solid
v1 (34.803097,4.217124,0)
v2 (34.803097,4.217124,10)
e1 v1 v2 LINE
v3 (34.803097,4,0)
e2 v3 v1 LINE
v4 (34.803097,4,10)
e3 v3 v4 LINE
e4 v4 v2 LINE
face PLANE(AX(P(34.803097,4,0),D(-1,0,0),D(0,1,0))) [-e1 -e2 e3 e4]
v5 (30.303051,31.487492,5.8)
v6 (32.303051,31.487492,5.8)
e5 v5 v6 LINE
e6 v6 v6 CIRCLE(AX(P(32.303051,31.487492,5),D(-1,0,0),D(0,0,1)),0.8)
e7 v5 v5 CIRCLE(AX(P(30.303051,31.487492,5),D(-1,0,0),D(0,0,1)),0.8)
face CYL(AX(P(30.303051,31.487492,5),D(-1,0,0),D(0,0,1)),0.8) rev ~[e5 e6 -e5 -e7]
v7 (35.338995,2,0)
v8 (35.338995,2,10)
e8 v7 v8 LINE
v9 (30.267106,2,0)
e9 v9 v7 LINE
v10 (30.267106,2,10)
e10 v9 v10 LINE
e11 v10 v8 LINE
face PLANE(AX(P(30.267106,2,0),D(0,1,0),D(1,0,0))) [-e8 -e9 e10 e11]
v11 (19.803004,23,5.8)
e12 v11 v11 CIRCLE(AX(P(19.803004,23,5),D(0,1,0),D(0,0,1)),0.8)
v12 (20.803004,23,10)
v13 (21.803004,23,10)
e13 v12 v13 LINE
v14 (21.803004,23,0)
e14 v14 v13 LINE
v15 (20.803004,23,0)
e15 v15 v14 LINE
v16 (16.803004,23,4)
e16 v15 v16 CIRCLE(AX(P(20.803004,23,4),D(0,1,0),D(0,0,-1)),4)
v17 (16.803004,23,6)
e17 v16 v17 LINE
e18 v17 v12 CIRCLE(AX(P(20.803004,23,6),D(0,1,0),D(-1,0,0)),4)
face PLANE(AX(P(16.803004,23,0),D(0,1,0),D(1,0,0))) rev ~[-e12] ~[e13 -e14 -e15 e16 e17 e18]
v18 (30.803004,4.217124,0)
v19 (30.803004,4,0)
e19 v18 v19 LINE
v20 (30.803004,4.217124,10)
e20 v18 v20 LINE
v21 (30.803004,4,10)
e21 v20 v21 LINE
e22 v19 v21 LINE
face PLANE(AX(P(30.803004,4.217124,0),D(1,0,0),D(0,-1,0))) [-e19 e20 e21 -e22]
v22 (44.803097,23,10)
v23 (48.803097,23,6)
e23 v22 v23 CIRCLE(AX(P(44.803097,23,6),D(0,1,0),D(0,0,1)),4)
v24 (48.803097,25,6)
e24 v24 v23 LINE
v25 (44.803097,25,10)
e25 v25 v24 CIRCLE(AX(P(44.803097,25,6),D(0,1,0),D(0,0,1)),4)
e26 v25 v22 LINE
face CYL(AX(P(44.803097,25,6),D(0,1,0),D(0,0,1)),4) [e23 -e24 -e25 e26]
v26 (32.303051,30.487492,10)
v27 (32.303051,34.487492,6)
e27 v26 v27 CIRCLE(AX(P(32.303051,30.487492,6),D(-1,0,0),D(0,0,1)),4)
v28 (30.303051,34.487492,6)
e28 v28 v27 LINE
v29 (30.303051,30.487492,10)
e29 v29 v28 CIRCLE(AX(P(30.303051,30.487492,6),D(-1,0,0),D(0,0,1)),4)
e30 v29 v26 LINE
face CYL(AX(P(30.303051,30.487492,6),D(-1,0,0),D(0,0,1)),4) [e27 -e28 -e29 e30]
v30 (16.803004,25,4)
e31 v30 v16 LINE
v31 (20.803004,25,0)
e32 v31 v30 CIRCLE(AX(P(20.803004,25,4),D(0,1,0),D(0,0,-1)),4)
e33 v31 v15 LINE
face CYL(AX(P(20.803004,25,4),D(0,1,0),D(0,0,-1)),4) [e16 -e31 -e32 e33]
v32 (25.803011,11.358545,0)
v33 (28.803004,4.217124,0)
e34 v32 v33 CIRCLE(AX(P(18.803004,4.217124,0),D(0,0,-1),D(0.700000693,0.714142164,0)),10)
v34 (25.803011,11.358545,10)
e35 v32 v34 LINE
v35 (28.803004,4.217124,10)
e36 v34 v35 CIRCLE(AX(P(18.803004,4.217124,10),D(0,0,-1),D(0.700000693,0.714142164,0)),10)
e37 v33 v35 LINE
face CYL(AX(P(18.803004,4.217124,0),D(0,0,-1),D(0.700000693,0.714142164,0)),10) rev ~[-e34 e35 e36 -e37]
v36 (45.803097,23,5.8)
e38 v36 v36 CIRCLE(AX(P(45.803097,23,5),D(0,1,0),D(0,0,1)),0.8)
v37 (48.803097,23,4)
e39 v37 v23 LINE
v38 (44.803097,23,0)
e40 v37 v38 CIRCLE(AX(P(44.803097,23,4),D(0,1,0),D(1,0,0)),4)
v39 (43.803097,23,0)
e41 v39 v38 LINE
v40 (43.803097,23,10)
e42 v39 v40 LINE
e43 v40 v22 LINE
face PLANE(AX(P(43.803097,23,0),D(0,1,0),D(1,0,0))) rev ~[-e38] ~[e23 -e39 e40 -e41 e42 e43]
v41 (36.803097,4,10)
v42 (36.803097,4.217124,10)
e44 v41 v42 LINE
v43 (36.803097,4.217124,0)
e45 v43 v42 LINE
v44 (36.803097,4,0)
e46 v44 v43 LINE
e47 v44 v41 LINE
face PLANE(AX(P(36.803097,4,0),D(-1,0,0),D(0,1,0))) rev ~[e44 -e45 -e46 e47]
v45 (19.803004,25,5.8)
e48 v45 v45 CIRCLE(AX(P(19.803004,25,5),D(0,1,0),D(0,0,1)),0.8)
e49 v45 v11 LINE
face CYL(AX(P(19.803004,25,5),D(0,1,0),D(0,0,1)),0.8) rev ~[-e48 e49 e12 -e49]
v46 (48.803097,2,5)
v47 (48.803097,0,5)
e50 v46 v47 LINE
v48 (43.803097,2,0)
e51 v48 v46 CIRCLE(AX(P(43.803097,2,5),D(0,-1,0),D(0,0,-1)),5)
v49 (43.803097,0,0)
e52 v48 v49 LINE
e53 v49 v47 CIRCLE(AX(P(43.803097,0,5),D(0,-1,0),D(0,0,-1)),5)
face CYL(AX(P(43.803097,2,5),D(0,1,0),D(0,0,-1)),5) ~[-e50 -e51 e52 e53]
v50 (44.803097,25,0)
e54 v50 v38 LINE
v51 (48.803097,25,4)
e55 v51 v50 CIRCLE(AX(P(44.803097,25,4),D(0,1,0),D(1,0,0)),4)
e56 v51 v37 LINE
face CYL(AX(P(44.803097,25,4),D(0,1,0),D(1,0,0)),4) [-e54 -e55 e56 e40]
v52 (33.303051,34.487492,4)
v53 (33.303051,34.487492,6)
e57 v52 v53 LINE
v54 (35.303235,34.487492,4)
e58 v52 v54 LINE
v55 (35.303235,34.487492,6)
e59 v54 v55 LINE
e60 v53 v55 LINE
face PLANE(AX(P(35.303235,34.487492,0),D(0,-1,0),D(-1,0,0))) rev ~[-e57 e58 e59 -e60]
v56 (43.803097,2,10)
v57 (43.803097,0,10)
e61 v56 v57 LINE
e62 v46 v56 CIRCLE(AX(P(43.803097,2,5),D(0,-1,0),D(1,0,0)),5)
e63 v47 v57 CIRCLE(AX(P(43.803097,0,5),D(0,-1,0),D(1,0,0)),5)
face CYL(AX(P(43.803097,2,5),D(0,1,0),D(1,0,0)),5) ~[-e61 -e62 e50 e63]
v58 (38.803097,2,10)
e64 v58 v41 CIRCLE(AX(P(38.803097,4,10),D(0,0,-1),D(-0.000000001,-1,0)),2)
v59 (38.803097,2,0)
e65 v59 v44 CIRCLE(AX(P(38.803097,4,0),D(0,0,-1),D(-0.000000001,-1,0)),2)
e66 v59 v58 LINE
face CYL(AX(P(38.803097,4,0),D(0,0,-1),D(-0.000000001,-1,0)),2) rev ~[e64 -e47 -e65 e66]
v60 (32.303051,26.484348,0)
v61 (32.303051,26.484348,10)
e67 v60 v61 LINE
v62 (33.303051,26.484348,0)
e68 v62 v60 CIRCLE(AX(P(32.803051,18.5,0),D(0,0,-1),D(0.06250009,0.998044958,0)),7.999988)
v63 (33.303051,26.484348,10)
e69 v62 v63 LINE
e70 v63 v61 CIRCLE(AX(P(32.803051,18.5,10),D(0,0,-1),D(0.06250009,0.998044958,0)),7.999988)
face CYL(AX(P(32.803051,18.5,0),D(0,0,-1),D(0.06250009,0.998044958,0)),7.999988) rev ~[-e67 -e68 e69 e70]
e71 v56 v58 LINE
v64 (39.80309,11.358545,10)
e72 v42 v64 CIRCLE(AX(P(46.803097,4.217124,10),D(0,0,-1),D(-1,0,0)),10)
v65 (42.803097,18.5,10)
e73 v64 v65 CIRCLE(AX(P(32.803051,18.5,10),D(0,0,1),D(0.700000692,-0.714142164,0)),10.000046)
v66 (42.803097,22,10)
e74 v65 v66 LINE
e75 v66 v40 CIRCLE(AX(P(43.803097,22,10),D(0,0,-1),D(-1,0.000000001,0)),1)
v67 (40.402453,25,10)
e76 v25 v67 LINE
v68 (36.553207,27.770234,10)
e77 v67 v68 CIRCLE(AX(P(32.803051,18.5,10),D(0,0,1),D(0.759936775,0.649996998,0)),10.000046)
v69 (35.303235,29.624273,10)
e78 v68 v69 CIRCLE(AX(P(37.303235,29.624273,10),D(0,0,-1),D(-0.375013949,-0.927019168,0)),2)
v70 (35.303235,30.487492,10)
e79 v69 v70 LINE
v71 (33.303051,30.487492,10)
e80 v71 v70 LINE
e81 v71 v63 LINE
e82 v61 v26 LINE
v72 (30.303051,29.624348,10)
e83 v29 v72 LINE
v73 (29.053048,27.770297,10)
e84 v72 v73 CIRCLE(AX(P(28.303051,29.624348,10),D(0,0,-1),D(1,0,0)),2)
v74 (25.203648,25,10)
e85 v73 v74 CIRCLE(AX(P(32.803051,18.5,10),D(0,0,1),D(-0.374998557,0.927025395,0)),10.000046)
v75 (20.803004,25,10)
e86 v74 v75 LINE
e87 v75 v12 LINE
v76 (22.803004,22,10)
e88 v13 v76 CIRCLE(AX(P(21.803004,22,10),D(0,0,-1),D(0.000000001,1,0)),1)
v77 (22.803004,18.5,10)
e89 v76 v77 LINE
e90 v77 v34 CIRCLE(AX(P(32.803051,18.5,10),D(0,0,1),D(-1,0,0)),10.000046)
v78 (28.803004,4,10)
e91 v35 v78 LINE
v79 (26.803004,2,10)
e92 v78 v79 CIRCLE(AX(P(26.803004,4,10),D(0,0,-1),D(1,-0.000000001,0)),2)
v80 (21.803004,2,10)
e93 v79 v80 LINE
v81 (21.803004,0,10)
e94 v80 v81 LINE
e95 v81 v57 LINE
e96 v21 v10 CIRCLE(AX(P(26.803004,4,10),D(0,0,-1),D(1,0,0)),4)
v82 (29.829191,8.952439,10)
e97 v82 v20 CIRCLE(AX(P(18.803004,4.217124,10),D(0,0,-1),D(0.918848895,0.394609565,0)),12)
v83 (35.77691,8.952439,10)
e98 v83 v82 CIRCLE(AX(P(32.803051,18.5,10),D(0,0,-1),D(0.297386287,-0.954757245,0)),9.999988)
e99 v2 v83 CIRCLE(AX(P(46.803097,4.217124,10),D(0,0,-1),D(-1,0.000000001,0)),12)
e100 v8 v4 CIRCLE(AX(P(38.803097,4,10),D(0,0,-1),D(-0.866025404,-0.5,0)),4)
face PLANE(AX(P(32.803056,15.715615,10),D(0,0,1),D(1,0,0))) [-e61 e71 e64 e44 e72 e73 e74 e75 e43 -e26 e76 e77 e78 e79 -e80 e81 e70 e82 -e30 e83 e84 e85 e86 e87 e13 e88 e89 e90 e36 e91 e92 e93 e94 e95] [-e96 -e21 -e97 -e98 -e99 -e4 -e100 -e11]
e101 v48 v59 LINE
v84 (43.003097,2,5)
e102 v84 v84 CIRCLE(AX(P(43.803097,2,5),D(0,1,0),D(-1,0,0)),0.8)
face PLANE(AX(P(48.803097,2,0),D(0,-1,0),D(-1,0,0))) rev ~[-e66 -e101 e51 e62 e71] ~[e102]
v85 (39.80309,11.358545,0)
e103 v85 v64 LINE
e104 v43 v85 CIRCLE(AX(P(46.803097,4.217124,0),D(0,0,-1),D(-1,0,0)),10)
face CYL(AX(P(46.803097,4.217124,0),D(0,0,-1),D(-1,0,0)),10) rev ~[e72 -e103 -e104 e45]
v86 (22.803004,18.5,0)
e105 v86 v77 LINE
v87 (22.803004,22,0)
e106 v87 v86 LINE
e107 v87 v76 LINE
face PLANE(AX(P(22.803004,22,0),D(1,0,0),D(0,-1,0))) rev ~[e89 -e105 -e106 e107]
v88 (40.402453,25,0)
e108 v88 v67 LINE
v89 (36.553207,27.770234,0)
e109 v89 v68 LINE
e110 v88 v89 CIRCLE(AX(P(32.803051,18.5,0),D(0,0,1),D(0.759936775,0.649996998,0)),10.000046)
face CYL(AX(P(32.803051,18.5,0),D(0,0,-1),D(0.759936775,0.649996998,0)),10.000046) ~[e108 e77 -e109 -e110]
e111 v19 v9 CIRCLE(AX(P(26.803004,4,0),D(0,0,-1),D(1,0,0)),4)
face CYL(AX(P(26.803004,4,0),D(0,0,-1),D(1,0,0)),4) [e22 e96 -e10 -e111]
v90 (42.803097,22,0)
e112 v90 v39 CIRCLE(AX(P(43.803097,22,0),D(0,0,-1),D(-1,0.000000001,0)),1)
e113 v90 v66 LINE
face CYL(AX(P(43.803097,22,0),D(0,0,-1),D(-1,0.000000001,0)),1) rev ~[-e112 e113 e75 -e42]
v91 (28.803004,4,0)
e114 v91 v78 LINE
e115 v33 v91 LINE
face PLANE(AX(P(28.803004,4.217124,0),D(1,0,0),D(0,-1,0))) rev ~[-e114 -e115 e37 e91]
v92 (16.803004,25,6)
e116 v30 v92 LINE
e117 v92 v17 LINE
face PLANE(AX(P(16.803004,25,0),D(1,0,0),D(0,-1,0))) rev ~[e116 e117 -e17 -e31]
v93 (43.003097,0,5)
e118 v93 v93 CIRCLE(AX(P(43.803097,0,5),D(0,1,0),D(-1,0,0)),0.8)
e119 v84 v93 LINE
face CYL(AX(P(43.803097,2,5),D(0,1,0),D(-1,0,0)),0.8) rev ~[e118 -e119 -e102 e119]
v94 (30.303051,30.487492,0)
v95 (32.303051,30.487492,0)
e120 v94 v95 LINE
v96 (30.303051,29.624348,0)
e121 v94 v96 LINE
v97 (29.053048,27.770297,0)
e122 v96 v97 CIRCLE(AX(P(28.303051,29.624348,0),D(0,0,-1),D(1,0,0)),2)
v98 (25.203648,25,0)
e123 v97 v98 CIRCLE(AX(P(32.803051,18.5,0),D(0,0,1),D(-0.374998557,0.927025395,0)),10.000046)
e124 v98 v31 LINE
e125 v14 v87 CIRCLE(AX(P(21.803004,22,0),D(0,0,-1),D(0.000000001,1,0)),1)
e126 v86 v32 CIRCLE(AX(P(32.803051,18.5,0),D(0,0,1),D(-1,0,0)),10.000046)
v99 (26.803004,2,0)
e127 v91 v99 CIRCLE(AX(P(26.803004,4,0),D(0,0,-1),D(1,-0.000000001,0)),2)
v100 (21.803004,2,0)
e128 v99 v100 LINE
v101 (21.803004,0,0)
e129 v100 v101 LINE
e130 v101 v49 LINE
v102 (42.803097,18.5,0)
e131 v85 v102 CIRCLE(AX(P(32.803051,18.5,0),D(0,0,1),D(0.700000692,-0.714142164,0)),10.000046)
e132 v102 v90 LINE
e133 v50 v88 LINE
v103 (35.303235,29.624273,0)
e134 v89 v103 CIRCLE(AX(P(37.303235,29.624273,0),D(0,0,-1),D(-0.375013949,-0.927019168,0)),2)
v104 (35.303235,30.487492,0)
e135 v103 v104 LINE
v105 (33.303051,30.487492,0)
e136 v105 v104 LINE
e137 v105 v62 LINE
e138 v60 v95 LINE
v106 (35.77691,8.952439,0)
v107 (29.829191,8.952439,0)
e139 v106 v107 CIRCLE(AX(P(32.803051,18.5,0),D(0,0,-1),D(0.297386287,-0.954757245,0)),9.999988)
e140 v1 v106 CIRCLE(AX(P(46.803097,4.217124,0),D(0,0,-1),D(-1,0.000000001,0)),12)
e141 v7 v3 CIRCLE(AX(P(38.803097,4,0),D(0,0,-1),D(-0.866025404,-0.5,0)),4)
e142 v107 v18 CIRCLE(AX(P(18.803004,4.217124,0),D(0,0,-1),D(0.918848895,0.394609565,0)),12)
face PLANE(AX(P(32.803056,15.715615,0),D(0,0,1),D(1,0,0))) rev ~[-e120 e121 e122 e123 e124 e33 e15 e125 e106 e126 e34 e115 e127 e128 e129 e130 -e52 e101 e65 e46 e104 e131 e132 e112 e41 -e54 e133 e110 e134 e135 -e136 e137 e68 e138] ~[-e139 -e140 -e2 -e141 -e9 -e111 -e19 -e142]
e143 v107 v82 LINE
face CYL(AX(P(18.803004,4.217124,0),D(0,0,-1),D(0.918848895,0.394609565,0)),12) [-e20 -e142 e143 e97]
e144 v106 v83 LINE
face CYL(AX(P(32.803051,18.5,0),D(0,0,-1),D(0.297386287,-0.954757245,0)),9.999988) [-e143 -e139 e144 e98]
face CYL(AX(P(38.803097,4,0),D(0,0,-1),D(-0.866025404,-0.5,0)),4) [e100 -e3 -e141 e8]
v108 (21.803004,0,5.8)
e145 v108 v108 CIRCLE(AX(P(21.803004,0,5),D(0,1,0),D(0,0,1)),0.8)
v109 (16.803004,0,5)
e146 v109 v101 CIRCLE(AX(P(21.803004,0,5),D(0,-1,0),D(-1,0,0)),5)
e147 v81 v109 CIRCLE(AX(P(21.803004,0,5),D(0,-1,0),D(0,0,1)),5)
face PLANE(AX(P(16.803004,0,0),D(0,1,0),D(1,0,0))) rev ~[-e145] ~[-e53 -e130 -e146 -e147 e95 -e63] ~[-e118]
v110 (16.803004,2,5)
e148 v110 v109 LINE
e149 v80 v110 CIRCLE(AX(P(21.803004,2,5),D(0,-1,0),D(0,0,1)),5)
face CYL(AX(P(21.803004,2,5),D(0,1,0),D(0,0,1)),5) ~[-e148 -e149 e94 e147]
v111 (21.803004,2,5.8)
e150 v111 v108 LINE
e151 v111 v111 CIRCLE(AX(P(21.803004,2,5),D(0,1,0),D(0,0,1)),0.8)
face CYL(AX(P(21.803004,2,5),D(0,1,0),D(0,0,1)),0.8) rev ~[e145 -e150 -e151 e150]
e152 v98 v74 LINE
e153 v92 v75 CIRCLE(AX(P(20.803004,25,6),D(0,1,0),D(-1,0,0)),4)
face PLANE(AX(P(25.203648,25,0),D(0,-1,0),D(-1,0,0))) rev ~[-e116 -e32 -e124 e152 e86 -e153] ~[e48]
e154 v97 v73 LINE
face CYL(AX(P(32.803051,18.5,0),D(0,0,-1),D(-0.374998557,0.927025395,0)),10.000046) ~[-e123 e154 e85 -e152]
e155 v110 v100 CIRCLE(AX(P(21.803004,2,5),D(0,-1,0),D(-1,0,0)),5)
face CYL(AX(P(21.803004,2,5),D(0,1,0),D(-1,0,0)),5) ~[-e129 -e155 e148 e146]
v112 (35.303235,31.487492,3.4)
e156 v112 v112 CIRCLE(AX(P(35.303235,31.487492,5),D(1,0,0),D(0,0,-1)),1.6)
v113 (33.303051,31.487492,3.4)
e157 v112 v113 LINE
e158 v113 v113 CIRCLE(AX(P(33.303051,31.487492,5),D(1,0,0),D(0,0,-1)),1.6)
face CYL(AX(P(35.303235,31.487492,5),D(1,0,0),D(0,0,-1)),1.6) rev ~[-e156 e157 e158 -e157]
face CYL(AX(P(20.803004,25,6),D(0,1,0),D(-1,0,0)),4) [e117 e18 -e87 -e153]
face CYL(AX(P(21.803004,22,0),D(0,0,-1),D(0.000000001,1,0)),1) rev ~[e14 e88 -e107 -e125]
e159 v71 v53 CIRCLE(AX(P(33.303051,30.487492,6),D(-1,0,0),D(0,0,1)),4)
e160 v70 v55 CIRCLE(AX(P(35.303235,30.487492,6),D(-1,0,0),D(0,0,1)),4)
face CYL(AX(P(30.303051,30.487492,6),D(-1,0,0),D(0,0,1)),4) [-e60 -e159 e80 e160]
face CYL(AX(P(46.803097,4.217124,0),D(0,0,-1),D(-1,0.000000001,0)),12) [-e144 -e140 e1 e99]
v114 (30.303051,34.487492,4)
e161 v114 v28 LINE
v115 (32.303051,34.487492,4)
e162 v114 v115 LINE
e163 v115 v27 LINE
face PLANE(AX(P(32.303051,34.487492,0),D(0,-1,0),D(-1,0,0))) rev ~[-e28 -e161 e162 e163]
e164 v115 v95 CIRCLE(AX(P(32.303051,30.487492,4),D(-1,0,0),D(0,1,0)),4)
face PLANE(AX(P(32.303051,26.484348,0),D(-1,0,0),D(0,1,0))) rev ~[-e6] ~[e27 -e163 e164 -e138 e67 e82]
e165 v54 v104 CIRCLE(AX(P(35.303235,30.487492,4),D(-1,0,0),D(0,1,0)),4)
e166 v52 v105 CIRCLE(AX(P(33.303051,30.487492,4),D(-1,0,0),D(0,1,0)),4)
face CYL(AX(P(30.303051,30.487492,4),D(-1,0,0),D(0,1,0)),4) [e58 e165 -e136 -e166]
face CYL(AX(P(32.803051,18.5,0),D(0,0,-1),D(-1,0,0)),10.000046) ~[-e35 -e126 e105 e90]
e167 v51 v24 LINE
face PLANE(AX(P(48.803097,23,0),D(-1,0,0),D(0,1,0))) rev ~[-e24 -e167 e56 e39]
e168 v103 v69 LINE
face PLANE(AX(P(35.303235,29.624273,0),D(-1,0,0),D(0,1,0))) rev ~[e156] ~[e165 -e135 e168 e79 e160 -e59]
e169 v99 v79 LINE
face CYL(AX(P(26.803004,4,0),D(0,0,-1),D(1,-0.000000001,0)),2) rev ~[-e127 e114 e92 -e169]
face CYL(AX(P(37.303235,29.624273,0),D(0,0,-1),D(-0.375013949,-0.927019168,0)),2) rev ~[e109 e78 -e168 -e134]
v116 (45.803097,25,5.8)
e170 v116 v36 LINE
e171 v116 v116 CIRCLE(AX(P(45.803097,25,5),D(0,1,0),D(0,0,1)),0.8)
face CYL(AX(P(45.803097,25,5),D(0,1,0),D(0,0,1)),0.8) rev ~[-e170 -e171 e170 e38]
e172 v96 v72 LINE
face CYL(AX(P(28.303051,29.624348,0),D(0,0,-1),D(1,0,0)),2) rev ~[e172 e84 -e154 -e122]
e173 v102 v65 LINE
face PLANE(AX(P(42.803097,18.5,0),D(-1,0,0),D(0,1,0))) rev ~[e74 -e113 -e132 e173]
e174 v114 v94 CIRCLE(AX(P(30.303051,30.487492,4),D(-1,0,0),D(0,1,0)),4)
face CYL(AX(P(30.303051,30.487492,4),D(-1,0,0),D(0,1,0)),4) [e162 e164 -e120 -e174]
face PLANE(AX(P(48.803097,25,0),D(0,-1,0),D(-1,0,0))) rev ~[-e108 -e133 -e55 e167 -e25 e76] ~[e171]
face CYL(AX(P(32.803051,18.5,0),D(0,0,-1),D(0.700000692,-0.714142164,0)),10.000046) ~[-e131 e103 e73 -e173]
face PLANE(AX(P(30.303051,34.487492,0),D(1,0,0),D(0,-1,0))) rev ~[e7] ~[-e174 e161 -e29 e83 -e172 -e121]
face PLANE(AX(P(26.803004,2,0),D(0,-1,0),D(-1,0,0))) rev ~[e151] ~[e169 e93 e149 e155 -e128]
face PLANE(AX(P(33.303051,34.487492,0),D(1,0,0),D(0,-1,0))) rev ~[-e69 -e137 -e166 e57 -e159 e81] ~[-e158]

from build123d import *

# Parameters (mm, degrees)
BOSS_EXTRUDE1_DEPTH = 10
SKETCH3_R           = 0.8
CUT_EXTRUDE1_DEPTH  = 2
SKETCH4_R           = 0.8
CUT_EXTRUDE2_DEPTH  = 2
SKETCH5_R           = 0.8
CUT_EXTRUDE3_DEPTH  = 2
SKETCH6_R           = 0.8
CUT_EXTRUDE4_DEPTH  = 3
SKETCH7_R           = 1.6
CUT_EXTRUDE5_DEPTH  = 3
CUT_EXTRUDE6_DEPTH  = 10


with BuildPart() as part:
    # Sketch1 → Boss-Extrude1 (new body)
    with BuildSketch(Plane.XY):
        with BuildLine():
            Line((16.803004448, 0), (48.803096805, 0))
            Line((48.803096805, 0), (48.803096805, 2))
            Line((48.803096805, 2), (38.803096805, 2))
            ThreePointArc((38.803096805, 2), (37.388883243, 2.585786438), (36.803096805, 4))
            Line((36.803096805, 4), (36.803096805, 4.217123744))
            ThreePointArc((36.803096805, 4.217123744), (37.58355047, 8.090102619), (39.803089878, 11.358545383))
            ThreePointArc((39.803089878, 11.358545383), (42.022639537, 14.62700324), (42.803096805, 18.5))
            Line((42.803096805, 18.5), (42.803096805, 22))
            ThreePointArc((42.803096805, 22), (43.095990024, 22.707106781), (43.803096805, 23))
            Line((43.803096805, 23), (48.803096805, 23))
            Line((48.803096805, 23), (48.803096805, 25))
            Line((48.803096805, 25), (44.105786895, 25))
            Line((44.105786895, 25), (40.40245347, 25))
            ThreePointArc((40.40245347, 25), (38.644426823, 26.616603213), (36.553207437, 27.770234489))
            ThreePointArc((36.553207437, 27.770234489), (35.644914528, 28.506251313), (35.303235335, 29.624272825))
            Line((35.303235335, 29.624272825), (35.303235335, 34.487492178))
            Line((35.303235335, 34.487492178), (33.303050626, 34.487492178))
            Line((33.303050626, 34.487492178), (33.303050626, 26.484348185))
            ThreePointArc((33.303050626, 26.484348185), (32.803050626, 10.500011503), (32.303050626, 26.484348185))
            Line((32.303050626, 26.484348185), (32.303050626, 34.487492178))
            Line((32.303050626, 34.487492178), (30.303050626, 34.487492178))
            Line((30.303050626, 34.487492178), (30.303050626, 29.624347545))
            ThreePointArc((30.303050626, 29.624347545), (29.961362151, 28.506312265), (29.05304774, 27.770296755))
            ThreePointArc((29.05304774, 27.770296755), (26.961741815, 26.616651708), (25.203647783, 25))
            Line((25.203647783, 25), (21.500314358, 25))
            Line((21.500314358, 25), (16.803004448, 25))
            Line((16.803004448, 25), (16.803004448, 23))
            Line((16.803004448, 23), (21.803004448, 23))
            ThreePointArc((21.803004448, 23), (22.510111229, 22.707106781), (22.803004448, 22))
            Line((22.803004448, 22), (22.803004448, 18.5))
            ThreePointArc((22.803004448, 18.5), (23.583461716, 14.62700324), (25.803011375, 11.358545383))
            ThreePointArc((25.803011375, 11.358545383), (28.022550783, 8.090102619), (28.803004448, 4.217123744))
            Line((28.803004448, 4.217123744), (28.803004448, 4))
            ThreePointArc((28.803004448, 4), (28.21721801, 2.585786438), (26.803004448, 2))
            Line((26.803004448, 2), (16.803004448, 2))
            Line((16.803004448, 2), (16.803004448, 0))
        make_face()
        with BuildLine():
            Line((34.803096805, 4), (34.803096805, 4.217123744))
            ThreePointArc((34.803096805, 4.217123744), (35.049071096, 6.634328662), (35.776910074, 8.952438536))
            ThreePointArc((35.776910074, 8.952438536), (32.803050626, 8.500011503), (29.829191179, 8.952438536))
            ThreePointArc((29.829191179, 8.952438536), (30.557030157, 6.634328662), (30.803004448, 4.217123744))
            Line((30.803004448, 4.217123744), (30.803004448, 4))
            ThreePointArc((30.803004448, 4), (30.666707753, 2.96472382), (30.267106063, 2))
            Line((30.267106063, 2), (35.33899519, 2))
            ThreePointArc((35.33899519, 2), (34.9393935, 2.96472382), (34.803096805, 4))
        make_face(mode=Mode.SUBTRACT)
    extrude(amount=BOSS_EXTRUDE1_DEPTH)

    # Sketch3 → Cut-Extrude1 (cut)
    with BuildSketch(Plane(origin=(0, 2, 0), x_dir=(1, 0, 0), z_dir=(0, 1, 0))):
        with BuildLine():
            ThreePointArc((48.803096805, -5), (47.338630711, -8.535533906), (43.803096805, -10))
            Line((43.803096805, -10), (48.803096805, -10))
            Line((48.803096805, -10), (48.803096805, -5))
        make_face()
        with BuildLine():
            ThreePointArc((43.803096805, 0), (47.338630711, -1.464466094), (48.803096805, -5))
            Line((48.803096805, -5), (48.803096805, 0))
            Line((48.803096805, 0), (43.803096805, 0))
        make_face()
        with Locations((43.803096805, -5)):
            Circle(SKETCH3_R)
    extrude(amount=-CUT_EXTRUDE1_DEPTH, mode=Mode.SUBTRACT)

    # Sketch4 → Cut-Extrude2 (cut)
    with BuildSketch(Plane(origin=(0, 2, 0), x_dir=(1, 0, 0), z_dir=(0, 1, 0))):
        with BuildLine():
            Line((16.803004448, 0), (16.803004448, -5))
            ThreePointArc((16.803004448, -5), (18.267470542, -1.464466094), (21.803004448, 0))
            Line((21.803004448, 0), (16.803004448, 0))
        make_face()
        with BuildLine():
            Line((16.803004448, -10), (21.803004448, -10))
            ThreePointArc((21.803004448, -10), (18.267470542, -8.535533906), (16.803004448, -5))
            Line((16.803004448, -5), (16.803004448, -10))
        make_face()
        with Locations((21.803004448, -5)):
            Circle(SKETCH4_R)
    extrude(amount=-CUT_EXTRUDE2_DEPTH, mode=Mode.SUBTRACT)

    # Sketch5 → Cut-Extrude3 (cut)
    with BuildSketch(Plane(origin=(0, 25, 0), x_dir=(1, 0, 0), z_dir=(0, 1, 0))):
        with Locations((19.803004448, -5)):
            Circle(SKETCH5_R)
        with Locations((45.803096805, -5)):
            Circle(SKETCH5_R)
        with BuildLine():
            Line((20.803004448, -10), (16.803004448, -10))
            Line((16.803004448, -10), (16.803004448, -6))
            ThreePointArc((16.803004448, -6), (17.974577323, -8.828427125), (20.803004448, -10))
        make_face()
        with BuildLine():
            Line((16.803004448, -4), (16.803004448, 0))
            Line((16.803004448, 0), (20.803004448, 0))
            ThreePointArc((20.803004448, 0), (17.974577323, -1.171572875), (16.803004448, -4))
        make_face()
        with BuildLine():
            Line((44.803096805, 0), (48.803096805, 0))
            Line((48.803096805, 0), (48.803096805, -4))
            ThreePointArc((48.803096805, -4), (47.63152393, -1.171572875), (44.803096805, 0))
        make_face()
        with BuildLine():
            Line((48.803096805, -6), (48.803096805, -10))
            Line((48.803096805, -10), (44.803096805, -10))
            ThreePointArc((44.803096805, -10), (47.63152393, -8.828427125), (48.803096805, -6))
        make_face()
    extrude(amount=-CUT_EXTRUDE3_DEPTH, mode=Mode.SUBTRACT)

    # Sketch6 → Cut-Extrude4 (cut)
    with BuildSketch(Plane.ZY.offset(-30.303050626)):
        with Locations((5, 31.487492178)):
            Circle(SKETCH6_R)
    extrude(amount=-CUT_EXTRUDE4_DEPTH, mode=Mode.SUBTRACT)

    # Sketch7 → Cut-Extrude5 (cut)
    with BuildSketch(Plane(origin=(35.303235335, 0, 0), x_dir=(0, 0, -1), z_dir=(1, 0, 0))):
        with Locations((-5, 31.487492178)):
            Circle(SKETCH7_R)
    extrude(amount=-CUT_EXTRUDE5_DEPTH, mode=Mode.SUBTRACT)

    # Sketch8 → Cut-Extrude6 (cut)
    with BuildSketch(Plane.ZY.offset(-30.303050626)):
        with BuildLine():
            Line((0, 30.487492178), (0, 34.487492178))
            Line((0, 34.487492178), (4, 34.487492178))
            ThreePointArc((4, 34.487492178), (1.171572875, 33.315919302), (0, 30.487492178))
        make_face()
        with BuildLine():
            Line((6, 34.487492178), (10, 34.487492178))
            Line((10, 34.487492178), (10, 30.487492178))
            ThreePointArc((10, 30.487492178), (8.828427125, 33.315919302), (6, 34.487492178))
        make_face()
    extrude(amount=-CUT_EXTRUDE6_DEPTH, mode=Mode.SUBTRACT)


solid = part.part
